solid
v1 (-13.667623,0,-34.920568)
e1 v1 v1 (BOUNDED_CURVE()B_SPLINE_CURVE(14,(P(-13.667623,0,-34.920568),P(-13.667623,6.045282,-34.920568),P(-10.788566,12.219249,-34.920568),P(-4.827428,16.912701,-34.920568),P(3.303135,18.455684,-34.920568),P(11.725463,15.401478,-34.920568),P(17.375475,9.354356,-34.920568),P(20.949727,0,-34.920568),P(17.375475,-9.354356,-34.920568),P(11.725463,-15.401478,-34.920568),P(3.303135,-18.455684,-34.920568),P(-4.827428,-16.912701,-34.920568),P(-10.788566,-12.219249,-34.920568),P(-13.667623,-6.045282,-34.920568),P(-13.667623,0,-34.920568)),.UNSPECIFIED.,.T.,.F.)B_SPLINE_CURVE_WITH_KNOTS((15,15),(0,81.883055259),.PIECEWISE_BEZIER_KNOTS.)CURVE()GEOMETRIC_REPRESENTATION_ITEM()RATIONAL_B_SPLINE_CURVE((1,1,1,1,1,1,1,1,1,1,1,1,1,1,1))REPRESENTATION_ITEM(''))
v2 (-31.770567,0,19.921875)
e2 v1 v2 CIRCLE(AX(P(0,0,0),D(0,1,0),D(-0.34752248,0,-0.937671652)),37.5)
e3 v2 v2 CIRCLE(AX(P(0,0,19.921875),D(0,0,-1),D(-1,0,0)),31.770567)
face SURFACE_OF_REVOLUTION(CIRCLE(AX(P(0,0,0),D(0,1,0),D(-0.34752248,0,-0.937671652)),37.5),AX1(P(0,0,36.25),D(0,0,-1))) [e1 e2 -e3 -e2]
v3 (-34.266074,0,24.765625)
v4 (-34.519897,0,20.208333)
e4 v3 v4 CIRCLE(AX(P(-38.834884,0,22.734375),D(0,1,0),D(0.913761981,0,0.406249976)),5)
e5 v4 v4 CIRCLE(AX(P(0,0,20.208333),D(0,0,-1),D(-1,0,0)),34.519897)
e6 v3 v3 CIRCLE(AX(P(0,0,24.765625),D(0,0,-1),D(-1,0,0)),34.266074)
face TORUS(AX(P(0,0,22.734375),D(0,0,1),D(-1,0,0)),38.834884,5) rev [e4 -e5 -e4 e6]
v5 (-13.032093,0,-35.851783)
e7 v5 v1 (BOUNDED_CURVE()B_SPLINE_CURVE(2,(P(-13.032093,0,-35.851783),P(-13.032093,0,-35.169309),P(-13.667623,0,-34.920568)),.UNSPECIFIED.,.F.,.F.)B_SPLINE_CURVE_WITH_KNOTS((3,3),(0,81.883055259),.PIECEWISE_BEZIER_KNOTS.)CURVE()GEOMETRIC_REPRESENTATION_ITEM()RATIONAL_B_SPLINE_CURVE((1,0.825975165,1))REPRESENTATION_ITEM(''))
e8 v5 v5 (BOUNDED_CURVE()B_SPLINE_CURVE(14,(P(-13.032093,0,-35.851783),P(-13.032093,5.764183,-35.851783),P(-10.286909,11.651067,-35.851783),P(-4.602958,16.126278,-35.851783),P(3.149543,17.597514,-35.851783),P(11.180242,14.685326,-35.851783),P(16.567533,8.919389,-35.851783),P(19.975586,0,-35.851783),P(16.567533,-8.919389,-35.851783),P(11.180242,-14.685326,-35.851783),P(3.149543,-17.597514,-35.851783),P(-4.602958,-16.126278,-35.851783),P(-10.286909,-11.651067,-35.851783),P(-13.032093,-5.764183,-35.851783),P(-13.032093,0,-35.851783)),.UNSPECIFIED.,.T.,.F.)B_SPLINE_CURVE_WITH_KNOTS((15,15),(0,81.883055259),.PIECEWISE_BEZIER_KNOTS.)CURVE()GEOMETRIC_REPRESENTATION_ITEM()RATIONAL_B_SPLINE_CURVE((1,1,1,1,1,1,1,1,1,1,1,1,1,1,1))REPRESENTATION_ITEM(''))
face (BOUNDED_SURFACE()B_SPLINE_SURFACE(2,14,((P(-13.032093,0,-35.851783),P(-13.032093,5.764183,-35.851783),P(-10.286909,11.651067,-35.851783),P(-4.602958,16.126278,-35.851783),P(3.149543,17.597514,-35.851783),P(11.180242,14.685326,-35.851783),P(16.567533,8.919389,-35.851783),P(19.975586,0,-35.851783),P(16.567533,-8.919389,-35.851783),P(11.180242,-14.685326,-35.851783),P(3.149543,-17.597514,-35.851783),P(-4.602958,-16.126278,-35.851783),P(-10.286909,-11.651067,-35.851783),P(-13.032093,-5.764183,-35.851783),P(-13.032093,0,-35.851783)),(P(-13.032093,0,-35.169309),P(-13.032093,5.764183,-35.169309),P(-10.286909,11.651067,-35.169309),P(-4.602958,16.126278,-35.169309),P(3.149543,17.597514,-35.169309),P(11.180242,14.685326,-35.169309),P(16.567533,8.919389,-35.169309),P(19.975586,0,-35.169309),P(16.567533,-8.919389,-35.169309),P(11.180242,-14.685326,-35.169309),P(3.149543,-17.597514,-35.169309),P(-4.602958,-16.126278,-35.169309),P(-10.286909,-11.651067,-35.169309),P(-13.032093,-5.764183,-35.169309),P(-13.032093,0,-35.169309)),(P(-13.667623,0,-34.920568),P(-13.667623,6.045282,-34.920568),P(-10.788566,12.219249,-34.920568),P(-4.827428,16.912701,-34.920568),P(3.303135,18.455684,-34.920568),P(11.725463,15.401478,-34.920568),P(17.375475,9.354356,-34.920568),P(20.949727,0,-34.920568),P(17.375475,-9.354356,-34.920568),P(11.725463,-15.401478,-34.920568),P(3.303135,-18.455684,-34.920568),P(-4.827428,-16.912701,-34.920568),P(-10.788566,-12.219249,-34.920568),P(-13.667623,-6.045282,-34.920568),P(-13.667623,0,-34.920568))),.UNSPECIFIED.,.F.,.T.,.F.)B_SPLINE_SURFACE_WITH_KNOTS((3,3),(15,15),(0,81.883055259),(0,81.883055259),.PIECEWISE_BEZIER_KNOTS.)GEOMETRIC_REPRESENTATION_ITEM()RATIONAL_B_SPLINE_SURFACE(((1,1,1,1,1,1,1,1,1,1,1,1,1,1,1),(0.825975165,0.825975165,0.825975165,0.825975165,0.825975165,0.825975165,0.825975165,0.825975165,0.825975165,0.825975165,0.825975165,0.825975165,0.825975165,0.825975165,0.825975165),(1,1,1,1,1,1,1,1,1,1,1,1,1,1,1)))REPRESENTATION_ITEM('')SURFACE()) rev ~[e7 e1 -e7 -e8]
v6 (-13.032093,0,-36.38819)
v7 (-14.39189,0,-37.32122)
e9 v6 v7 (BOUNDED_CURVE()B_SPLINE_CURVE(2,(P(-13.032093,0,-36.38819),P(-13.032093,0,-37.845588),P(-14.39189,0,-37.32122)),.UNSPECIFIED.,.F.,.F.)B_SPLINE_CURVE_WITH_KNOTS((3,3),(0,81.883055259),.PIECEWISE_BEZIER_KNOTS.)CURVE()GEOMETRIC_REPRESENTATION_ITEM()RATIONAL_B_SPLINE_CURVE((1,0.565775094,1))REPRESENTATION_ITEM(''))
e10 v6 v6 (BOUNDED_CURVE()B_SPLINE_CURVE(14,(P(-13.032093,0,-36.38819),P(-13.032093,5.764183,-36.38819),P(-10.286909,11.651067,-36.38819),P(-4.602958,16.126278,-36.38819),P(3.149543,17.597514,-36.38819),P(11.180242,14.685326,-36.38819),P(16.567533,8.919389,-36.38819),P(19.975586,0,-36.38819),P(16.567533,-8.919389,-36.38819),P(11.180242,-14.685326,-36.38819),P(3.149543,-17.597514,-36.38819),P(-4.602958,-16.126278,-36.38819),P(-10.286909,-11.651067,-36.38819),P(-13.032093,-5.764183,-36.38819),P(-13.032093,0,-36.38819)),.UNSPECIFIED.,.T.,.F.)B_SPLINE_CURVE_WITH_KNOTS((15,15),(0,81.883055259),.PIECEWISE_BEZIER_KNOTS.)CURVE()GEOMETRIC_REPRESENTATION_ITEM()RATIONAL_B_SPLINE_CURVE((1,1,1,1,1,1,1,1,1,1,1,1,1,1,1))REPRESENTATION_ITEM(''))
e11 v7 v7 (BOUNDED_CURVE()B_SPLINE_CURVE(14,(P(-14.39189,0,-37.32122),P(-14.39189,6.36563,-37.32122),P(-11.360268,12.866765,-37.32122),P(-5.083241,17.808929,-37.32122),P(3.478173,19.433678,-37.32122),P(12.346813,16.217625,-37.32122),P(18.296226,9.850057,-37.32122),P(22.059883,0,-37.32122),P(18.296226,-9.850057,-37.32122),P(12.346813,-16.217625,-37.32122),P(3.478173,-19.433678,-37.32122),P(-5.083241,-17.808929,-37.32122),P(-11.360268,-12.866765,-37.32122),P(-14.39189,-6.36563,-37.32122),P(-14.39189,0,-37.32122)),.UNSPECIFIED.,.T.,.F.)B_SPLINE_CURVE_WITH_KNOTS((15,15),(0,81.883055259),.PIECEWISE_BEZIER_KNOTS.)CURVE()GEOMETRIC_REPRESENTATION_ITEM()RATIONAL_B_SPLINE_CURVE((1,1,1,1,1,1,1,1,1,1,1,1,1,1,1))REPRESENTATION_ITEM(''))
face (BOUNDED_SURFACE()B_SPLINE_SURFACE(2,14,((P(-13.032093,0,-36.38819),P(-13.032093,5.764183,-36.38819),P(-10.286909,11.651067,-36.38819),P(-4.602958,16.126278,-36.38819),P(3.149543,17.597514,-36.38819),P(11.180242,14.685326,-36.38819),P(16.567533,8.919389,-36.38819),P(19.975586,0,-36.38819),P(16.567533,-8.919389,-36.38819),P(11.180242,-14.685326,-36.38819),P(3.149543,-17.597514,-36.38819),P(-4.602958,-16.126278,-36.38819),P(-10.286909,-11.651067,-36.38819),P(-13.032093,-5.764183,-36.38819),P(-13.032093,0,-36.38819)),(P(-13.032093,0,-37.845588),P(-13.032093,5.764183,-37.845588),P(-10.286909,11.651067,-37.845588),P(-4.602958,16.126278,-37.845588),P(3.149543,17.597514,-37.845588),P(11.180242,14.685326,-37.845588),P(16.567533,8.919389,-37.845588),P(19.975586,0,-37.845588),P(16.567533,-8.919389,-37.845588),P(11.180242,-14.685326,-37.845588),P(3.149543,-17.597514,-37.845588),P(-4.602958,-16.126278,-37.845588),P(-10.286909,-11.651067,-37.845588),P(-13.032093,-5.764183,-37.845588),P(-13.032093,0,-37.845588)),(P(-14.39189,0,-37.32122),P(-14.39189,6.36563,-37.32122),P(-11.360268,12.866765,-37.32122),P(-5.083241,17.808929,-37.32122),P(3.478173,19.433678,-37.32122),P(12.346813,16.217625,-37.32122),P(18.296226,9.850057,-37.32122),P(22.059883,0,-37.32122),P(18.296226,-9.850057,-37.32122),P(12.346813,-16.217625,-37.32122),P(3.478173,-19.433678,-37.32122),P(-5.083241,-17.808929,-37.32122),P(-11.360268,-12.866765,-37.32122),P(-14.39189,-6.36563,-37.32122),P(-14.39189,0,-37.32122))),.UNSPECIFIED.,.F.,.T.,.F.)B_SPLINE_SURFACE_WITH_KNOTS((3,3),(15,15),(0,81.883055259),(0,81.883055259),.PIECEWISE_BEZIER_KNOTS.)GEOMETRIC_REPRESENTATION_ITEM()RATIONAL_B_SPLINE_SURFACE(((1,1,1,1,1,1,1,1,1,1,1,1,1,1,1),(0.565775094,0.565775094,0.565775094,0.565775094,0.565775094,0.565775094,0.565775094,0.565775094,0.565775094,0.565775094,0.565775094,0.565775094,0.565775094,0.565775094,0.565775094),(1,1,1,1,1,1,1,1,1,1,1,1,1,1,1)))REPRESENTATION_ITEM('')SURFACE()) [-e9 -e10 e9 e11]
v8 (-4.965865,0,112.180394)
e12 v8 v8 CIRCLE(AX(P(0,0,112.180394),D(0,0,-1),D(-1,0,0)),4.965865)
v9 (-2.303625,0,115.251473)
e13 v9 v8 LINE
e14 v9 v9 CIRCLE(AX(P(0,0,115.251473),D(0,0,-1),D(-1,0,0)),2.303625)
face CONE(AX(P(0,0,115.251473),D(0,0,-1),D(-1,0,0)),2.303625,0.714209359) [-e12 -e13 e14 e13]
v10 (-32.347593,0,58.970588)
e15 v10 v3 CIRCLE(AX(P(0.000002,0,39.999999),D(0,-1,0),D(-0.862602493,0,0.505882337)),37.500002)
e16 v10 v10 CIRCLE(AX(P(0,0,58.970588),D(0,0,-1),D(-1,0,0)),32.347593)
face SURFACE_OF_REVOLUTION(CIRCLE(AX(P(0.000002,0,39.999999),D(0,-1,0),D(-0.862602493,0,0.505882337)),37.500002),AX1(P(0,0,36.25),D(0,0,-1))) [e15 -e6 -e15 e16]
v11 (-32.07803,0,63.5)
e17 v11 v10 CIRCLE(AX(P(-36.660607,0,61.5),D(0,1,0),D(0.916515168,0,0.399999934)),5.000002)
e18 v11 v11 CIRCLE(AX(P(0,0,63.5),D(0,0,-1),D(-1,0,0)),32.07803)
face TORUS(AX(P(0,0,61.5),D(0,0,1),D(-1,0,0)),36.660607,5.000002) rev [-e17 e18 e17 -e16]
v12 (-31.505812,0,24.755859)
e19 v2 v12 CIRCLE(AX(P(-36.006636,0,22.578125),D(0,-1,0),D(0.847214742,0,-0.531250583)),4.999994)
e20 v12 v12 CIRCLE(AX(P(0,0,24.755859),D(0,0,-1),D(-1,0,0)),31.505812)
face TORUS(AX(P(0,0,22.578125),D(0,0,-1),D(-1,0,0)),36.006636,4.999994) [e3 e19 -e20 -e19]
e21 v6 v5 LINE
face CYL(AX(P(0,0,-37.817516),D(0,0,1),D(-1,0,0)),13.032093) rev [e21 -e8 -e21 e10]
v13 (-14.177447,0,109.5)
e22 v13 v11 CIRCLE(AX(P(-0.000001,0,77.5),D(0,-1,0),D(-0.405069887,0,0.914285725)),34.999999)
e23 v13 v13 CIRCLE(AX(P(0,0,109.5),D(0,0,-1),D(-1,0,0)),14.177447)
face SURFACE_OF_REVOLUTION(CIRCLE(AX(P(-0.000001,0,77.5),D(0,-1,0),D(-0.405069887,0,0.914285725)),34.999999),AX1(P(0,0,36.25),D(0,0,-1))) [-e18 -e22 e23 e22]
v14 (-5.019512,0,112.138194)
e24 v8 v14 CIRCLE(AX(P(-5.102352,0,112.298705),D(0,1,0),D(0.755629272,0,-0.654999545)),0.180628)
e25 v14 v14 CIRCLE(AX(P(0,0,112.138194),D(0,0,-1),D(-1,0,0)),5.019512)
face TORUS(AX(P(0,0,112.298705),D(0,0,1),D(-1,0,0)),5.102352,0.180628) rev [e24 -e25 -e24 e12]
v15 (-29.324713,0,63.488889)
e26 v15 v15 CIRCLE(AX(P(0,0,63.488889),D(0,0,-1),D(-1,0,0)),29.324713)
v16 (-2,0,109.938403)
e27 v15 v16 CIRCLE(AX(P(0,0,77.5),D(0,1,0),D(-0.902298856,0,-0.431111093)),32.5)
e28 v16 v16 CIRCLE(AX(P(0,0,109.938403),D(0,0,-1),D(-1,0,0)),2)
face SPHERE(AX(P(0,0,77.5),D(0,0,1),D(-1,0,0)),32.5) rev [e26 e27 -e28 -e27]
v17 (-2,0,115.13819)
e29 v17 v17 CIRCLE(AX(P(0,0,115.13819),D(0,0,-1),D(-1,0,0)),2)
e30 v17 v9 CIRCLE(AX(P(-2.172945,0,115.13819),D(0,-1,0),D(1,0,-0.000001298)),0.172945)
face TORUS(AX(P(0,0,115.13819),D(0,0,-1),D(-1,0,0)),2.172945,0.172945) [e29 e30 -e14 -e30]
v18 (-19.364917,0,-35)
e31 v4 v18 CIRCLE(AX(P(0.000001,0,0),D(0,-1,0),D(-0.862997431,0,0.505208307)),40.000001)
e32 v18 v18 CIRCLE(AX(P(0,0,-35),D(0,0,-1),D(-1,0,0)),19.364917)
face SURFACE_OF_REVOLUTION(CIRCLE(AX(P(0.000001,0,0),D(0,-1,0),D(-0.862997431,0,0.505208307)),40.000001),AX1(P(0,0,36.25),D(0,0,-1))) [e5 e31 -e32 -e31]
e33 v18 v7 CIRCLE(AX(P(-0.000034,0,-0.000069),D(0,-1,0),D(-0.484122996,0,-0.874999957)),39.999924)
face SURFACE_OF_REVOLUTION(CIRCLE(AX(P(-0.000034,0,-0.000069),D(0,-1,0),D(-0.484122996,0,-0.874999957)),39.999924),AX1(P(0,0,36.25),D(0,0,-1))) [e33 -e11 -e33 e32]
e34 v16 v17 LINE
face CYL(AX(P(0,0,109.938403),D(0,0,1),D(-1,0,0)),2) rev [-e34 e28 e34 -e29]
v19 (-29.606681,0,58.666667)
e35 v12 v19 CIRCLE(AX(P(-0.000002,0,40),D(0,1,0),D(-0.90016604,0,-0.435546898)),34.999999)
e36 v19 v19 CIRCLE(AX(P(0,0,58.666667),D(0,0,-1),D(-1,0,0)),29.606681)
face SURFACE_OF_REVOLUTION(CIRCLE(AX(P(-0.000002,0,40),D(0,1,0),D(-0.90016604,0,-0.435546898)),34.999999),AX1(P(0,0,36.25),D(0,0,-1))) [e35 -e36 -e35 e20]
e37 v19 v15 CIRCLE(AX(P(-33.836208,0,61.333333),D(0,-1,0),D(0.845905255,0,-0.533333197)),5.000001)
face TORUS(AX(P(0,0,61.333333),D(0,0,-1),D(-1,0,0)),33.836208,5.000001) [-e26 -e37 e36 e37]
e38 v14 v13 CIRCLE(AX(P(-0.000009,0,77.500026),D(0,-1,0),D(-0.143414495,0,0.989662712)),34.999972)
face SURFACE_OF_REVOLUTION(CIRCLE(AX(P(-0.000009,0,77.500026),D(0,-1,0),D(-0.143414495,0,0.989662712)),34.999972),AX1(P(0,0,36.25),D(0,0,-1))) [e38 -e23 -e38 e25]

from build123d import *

# Parameters (mm, degrees)
F2_R = 1
F3_R = 1


with BuildPart() as f1:
    # F0 (on Front) → F1 (revolve)
    with BuildSketch(Plane.XZ):
        with BuildLine():
            ThreePointArc((-34.266074, 24.765625), (-33.842621, 22.456326), (-34.519897, 20.208333))
            ThreePointArc((-34.519897, 20.208333), (-38.57309, -10.588518), (-19.364917, -35))
            ThreePointArc((-19.364917, -35), (-16.259648, -36.546188), (-13.032093, -37.817516))
            Line((-13.032093, -37.817516), (-13.032093, -35.162687))
            ThreePointArc((-13.032093, -35.162687), (-35.502068, -12.076969), (-31.770567, 19.921875))
            ThreePointArc((-31.770567, 19.921875), (-31.014124, 22.304688), (-31.505812, 24.755859))
            ThreePointArc((-31.505812, 24.755859), (-34.945242, 41.957063), (-29.606681, 58.666667))
            ThreePointArc((-29.606681, 58.666667), (-28.844733, 61.041468), (-29.324713, 63.488889))
            ThreePointArc((-29.324713, 63.488889), (-28.012475, 93.978812), (-2, 109.938403))
            Line((-2, 109.938403), (-2, 112.44281))
            ThreePointArc((-2, 112.44281), (-3.481092, 112.326455), (-4.955913, 112.147351))
            Line((-4.955913, 112.147351), (-4.956376, 112.147285))
            ThreePointArc((-4.956376, 112.147285), (-4.987946, 112.142754), (-5.019512, 112.138194))
            ThreePointArc((-5.019512, 112.138194), (-9.688696, 111.132264), (-14.177447, 109.5))
            ThreePointArc((-14.177447, 109.5), (-32.617362, 90.192822), (-32.07803, 63.5))
            ThreePointArc((-32.07803, 63.5), (-31.669437, 61.202956), (-32.347593, 58.970588))
            ThreePointArc((-32.347593, 58.970588), (-37.441154, 42.099992), (-34.266074, 24.765625))
        make_face()
        with BuildLine():
            ThreePointArc((-4.965865, 112.180394), (-4.990677, 112.156737), (-5.019512, 112.138194))
            ThreePointArc((-5.019512, 112.138194), (-4.987946, 112.142754), (-4.956376, 112.147285))
            Line((-4.956376, 112.147285), (-4.955913, 112.147351))
            ThreePointArc((-4.955913, 112.147351), (-3.481092, 112.326455), (-2, 112.44281))
            Line((-2, 112.44281), (-2, 115.13819))
            ThreePointArc((-2, 115.13819), (-2.11249, 115.300225), (-2.303625, 115.251473))
            Line((-2.303625, 115.251473), (-4.965865, 112.180394))
        make_face()
    revolve(axis=Axis((0, 0, 36.25), (0, 0, -1)))

    # F2
    f2_edges = [f1.edges().sort_by_distance(p)[0] for p in [
        (13.032093, 0, -35.162687),
    ]]
    fillet(f2_edges, radius=F2_R)

    # F3
    f3_edges = [f1.edges().sort_by_distance(p)[0] for p in [
        (13.032093, 0, -37.817516),
    ]]
    fillet(f3_edges, radius=F3_R)


solid = f1.part
